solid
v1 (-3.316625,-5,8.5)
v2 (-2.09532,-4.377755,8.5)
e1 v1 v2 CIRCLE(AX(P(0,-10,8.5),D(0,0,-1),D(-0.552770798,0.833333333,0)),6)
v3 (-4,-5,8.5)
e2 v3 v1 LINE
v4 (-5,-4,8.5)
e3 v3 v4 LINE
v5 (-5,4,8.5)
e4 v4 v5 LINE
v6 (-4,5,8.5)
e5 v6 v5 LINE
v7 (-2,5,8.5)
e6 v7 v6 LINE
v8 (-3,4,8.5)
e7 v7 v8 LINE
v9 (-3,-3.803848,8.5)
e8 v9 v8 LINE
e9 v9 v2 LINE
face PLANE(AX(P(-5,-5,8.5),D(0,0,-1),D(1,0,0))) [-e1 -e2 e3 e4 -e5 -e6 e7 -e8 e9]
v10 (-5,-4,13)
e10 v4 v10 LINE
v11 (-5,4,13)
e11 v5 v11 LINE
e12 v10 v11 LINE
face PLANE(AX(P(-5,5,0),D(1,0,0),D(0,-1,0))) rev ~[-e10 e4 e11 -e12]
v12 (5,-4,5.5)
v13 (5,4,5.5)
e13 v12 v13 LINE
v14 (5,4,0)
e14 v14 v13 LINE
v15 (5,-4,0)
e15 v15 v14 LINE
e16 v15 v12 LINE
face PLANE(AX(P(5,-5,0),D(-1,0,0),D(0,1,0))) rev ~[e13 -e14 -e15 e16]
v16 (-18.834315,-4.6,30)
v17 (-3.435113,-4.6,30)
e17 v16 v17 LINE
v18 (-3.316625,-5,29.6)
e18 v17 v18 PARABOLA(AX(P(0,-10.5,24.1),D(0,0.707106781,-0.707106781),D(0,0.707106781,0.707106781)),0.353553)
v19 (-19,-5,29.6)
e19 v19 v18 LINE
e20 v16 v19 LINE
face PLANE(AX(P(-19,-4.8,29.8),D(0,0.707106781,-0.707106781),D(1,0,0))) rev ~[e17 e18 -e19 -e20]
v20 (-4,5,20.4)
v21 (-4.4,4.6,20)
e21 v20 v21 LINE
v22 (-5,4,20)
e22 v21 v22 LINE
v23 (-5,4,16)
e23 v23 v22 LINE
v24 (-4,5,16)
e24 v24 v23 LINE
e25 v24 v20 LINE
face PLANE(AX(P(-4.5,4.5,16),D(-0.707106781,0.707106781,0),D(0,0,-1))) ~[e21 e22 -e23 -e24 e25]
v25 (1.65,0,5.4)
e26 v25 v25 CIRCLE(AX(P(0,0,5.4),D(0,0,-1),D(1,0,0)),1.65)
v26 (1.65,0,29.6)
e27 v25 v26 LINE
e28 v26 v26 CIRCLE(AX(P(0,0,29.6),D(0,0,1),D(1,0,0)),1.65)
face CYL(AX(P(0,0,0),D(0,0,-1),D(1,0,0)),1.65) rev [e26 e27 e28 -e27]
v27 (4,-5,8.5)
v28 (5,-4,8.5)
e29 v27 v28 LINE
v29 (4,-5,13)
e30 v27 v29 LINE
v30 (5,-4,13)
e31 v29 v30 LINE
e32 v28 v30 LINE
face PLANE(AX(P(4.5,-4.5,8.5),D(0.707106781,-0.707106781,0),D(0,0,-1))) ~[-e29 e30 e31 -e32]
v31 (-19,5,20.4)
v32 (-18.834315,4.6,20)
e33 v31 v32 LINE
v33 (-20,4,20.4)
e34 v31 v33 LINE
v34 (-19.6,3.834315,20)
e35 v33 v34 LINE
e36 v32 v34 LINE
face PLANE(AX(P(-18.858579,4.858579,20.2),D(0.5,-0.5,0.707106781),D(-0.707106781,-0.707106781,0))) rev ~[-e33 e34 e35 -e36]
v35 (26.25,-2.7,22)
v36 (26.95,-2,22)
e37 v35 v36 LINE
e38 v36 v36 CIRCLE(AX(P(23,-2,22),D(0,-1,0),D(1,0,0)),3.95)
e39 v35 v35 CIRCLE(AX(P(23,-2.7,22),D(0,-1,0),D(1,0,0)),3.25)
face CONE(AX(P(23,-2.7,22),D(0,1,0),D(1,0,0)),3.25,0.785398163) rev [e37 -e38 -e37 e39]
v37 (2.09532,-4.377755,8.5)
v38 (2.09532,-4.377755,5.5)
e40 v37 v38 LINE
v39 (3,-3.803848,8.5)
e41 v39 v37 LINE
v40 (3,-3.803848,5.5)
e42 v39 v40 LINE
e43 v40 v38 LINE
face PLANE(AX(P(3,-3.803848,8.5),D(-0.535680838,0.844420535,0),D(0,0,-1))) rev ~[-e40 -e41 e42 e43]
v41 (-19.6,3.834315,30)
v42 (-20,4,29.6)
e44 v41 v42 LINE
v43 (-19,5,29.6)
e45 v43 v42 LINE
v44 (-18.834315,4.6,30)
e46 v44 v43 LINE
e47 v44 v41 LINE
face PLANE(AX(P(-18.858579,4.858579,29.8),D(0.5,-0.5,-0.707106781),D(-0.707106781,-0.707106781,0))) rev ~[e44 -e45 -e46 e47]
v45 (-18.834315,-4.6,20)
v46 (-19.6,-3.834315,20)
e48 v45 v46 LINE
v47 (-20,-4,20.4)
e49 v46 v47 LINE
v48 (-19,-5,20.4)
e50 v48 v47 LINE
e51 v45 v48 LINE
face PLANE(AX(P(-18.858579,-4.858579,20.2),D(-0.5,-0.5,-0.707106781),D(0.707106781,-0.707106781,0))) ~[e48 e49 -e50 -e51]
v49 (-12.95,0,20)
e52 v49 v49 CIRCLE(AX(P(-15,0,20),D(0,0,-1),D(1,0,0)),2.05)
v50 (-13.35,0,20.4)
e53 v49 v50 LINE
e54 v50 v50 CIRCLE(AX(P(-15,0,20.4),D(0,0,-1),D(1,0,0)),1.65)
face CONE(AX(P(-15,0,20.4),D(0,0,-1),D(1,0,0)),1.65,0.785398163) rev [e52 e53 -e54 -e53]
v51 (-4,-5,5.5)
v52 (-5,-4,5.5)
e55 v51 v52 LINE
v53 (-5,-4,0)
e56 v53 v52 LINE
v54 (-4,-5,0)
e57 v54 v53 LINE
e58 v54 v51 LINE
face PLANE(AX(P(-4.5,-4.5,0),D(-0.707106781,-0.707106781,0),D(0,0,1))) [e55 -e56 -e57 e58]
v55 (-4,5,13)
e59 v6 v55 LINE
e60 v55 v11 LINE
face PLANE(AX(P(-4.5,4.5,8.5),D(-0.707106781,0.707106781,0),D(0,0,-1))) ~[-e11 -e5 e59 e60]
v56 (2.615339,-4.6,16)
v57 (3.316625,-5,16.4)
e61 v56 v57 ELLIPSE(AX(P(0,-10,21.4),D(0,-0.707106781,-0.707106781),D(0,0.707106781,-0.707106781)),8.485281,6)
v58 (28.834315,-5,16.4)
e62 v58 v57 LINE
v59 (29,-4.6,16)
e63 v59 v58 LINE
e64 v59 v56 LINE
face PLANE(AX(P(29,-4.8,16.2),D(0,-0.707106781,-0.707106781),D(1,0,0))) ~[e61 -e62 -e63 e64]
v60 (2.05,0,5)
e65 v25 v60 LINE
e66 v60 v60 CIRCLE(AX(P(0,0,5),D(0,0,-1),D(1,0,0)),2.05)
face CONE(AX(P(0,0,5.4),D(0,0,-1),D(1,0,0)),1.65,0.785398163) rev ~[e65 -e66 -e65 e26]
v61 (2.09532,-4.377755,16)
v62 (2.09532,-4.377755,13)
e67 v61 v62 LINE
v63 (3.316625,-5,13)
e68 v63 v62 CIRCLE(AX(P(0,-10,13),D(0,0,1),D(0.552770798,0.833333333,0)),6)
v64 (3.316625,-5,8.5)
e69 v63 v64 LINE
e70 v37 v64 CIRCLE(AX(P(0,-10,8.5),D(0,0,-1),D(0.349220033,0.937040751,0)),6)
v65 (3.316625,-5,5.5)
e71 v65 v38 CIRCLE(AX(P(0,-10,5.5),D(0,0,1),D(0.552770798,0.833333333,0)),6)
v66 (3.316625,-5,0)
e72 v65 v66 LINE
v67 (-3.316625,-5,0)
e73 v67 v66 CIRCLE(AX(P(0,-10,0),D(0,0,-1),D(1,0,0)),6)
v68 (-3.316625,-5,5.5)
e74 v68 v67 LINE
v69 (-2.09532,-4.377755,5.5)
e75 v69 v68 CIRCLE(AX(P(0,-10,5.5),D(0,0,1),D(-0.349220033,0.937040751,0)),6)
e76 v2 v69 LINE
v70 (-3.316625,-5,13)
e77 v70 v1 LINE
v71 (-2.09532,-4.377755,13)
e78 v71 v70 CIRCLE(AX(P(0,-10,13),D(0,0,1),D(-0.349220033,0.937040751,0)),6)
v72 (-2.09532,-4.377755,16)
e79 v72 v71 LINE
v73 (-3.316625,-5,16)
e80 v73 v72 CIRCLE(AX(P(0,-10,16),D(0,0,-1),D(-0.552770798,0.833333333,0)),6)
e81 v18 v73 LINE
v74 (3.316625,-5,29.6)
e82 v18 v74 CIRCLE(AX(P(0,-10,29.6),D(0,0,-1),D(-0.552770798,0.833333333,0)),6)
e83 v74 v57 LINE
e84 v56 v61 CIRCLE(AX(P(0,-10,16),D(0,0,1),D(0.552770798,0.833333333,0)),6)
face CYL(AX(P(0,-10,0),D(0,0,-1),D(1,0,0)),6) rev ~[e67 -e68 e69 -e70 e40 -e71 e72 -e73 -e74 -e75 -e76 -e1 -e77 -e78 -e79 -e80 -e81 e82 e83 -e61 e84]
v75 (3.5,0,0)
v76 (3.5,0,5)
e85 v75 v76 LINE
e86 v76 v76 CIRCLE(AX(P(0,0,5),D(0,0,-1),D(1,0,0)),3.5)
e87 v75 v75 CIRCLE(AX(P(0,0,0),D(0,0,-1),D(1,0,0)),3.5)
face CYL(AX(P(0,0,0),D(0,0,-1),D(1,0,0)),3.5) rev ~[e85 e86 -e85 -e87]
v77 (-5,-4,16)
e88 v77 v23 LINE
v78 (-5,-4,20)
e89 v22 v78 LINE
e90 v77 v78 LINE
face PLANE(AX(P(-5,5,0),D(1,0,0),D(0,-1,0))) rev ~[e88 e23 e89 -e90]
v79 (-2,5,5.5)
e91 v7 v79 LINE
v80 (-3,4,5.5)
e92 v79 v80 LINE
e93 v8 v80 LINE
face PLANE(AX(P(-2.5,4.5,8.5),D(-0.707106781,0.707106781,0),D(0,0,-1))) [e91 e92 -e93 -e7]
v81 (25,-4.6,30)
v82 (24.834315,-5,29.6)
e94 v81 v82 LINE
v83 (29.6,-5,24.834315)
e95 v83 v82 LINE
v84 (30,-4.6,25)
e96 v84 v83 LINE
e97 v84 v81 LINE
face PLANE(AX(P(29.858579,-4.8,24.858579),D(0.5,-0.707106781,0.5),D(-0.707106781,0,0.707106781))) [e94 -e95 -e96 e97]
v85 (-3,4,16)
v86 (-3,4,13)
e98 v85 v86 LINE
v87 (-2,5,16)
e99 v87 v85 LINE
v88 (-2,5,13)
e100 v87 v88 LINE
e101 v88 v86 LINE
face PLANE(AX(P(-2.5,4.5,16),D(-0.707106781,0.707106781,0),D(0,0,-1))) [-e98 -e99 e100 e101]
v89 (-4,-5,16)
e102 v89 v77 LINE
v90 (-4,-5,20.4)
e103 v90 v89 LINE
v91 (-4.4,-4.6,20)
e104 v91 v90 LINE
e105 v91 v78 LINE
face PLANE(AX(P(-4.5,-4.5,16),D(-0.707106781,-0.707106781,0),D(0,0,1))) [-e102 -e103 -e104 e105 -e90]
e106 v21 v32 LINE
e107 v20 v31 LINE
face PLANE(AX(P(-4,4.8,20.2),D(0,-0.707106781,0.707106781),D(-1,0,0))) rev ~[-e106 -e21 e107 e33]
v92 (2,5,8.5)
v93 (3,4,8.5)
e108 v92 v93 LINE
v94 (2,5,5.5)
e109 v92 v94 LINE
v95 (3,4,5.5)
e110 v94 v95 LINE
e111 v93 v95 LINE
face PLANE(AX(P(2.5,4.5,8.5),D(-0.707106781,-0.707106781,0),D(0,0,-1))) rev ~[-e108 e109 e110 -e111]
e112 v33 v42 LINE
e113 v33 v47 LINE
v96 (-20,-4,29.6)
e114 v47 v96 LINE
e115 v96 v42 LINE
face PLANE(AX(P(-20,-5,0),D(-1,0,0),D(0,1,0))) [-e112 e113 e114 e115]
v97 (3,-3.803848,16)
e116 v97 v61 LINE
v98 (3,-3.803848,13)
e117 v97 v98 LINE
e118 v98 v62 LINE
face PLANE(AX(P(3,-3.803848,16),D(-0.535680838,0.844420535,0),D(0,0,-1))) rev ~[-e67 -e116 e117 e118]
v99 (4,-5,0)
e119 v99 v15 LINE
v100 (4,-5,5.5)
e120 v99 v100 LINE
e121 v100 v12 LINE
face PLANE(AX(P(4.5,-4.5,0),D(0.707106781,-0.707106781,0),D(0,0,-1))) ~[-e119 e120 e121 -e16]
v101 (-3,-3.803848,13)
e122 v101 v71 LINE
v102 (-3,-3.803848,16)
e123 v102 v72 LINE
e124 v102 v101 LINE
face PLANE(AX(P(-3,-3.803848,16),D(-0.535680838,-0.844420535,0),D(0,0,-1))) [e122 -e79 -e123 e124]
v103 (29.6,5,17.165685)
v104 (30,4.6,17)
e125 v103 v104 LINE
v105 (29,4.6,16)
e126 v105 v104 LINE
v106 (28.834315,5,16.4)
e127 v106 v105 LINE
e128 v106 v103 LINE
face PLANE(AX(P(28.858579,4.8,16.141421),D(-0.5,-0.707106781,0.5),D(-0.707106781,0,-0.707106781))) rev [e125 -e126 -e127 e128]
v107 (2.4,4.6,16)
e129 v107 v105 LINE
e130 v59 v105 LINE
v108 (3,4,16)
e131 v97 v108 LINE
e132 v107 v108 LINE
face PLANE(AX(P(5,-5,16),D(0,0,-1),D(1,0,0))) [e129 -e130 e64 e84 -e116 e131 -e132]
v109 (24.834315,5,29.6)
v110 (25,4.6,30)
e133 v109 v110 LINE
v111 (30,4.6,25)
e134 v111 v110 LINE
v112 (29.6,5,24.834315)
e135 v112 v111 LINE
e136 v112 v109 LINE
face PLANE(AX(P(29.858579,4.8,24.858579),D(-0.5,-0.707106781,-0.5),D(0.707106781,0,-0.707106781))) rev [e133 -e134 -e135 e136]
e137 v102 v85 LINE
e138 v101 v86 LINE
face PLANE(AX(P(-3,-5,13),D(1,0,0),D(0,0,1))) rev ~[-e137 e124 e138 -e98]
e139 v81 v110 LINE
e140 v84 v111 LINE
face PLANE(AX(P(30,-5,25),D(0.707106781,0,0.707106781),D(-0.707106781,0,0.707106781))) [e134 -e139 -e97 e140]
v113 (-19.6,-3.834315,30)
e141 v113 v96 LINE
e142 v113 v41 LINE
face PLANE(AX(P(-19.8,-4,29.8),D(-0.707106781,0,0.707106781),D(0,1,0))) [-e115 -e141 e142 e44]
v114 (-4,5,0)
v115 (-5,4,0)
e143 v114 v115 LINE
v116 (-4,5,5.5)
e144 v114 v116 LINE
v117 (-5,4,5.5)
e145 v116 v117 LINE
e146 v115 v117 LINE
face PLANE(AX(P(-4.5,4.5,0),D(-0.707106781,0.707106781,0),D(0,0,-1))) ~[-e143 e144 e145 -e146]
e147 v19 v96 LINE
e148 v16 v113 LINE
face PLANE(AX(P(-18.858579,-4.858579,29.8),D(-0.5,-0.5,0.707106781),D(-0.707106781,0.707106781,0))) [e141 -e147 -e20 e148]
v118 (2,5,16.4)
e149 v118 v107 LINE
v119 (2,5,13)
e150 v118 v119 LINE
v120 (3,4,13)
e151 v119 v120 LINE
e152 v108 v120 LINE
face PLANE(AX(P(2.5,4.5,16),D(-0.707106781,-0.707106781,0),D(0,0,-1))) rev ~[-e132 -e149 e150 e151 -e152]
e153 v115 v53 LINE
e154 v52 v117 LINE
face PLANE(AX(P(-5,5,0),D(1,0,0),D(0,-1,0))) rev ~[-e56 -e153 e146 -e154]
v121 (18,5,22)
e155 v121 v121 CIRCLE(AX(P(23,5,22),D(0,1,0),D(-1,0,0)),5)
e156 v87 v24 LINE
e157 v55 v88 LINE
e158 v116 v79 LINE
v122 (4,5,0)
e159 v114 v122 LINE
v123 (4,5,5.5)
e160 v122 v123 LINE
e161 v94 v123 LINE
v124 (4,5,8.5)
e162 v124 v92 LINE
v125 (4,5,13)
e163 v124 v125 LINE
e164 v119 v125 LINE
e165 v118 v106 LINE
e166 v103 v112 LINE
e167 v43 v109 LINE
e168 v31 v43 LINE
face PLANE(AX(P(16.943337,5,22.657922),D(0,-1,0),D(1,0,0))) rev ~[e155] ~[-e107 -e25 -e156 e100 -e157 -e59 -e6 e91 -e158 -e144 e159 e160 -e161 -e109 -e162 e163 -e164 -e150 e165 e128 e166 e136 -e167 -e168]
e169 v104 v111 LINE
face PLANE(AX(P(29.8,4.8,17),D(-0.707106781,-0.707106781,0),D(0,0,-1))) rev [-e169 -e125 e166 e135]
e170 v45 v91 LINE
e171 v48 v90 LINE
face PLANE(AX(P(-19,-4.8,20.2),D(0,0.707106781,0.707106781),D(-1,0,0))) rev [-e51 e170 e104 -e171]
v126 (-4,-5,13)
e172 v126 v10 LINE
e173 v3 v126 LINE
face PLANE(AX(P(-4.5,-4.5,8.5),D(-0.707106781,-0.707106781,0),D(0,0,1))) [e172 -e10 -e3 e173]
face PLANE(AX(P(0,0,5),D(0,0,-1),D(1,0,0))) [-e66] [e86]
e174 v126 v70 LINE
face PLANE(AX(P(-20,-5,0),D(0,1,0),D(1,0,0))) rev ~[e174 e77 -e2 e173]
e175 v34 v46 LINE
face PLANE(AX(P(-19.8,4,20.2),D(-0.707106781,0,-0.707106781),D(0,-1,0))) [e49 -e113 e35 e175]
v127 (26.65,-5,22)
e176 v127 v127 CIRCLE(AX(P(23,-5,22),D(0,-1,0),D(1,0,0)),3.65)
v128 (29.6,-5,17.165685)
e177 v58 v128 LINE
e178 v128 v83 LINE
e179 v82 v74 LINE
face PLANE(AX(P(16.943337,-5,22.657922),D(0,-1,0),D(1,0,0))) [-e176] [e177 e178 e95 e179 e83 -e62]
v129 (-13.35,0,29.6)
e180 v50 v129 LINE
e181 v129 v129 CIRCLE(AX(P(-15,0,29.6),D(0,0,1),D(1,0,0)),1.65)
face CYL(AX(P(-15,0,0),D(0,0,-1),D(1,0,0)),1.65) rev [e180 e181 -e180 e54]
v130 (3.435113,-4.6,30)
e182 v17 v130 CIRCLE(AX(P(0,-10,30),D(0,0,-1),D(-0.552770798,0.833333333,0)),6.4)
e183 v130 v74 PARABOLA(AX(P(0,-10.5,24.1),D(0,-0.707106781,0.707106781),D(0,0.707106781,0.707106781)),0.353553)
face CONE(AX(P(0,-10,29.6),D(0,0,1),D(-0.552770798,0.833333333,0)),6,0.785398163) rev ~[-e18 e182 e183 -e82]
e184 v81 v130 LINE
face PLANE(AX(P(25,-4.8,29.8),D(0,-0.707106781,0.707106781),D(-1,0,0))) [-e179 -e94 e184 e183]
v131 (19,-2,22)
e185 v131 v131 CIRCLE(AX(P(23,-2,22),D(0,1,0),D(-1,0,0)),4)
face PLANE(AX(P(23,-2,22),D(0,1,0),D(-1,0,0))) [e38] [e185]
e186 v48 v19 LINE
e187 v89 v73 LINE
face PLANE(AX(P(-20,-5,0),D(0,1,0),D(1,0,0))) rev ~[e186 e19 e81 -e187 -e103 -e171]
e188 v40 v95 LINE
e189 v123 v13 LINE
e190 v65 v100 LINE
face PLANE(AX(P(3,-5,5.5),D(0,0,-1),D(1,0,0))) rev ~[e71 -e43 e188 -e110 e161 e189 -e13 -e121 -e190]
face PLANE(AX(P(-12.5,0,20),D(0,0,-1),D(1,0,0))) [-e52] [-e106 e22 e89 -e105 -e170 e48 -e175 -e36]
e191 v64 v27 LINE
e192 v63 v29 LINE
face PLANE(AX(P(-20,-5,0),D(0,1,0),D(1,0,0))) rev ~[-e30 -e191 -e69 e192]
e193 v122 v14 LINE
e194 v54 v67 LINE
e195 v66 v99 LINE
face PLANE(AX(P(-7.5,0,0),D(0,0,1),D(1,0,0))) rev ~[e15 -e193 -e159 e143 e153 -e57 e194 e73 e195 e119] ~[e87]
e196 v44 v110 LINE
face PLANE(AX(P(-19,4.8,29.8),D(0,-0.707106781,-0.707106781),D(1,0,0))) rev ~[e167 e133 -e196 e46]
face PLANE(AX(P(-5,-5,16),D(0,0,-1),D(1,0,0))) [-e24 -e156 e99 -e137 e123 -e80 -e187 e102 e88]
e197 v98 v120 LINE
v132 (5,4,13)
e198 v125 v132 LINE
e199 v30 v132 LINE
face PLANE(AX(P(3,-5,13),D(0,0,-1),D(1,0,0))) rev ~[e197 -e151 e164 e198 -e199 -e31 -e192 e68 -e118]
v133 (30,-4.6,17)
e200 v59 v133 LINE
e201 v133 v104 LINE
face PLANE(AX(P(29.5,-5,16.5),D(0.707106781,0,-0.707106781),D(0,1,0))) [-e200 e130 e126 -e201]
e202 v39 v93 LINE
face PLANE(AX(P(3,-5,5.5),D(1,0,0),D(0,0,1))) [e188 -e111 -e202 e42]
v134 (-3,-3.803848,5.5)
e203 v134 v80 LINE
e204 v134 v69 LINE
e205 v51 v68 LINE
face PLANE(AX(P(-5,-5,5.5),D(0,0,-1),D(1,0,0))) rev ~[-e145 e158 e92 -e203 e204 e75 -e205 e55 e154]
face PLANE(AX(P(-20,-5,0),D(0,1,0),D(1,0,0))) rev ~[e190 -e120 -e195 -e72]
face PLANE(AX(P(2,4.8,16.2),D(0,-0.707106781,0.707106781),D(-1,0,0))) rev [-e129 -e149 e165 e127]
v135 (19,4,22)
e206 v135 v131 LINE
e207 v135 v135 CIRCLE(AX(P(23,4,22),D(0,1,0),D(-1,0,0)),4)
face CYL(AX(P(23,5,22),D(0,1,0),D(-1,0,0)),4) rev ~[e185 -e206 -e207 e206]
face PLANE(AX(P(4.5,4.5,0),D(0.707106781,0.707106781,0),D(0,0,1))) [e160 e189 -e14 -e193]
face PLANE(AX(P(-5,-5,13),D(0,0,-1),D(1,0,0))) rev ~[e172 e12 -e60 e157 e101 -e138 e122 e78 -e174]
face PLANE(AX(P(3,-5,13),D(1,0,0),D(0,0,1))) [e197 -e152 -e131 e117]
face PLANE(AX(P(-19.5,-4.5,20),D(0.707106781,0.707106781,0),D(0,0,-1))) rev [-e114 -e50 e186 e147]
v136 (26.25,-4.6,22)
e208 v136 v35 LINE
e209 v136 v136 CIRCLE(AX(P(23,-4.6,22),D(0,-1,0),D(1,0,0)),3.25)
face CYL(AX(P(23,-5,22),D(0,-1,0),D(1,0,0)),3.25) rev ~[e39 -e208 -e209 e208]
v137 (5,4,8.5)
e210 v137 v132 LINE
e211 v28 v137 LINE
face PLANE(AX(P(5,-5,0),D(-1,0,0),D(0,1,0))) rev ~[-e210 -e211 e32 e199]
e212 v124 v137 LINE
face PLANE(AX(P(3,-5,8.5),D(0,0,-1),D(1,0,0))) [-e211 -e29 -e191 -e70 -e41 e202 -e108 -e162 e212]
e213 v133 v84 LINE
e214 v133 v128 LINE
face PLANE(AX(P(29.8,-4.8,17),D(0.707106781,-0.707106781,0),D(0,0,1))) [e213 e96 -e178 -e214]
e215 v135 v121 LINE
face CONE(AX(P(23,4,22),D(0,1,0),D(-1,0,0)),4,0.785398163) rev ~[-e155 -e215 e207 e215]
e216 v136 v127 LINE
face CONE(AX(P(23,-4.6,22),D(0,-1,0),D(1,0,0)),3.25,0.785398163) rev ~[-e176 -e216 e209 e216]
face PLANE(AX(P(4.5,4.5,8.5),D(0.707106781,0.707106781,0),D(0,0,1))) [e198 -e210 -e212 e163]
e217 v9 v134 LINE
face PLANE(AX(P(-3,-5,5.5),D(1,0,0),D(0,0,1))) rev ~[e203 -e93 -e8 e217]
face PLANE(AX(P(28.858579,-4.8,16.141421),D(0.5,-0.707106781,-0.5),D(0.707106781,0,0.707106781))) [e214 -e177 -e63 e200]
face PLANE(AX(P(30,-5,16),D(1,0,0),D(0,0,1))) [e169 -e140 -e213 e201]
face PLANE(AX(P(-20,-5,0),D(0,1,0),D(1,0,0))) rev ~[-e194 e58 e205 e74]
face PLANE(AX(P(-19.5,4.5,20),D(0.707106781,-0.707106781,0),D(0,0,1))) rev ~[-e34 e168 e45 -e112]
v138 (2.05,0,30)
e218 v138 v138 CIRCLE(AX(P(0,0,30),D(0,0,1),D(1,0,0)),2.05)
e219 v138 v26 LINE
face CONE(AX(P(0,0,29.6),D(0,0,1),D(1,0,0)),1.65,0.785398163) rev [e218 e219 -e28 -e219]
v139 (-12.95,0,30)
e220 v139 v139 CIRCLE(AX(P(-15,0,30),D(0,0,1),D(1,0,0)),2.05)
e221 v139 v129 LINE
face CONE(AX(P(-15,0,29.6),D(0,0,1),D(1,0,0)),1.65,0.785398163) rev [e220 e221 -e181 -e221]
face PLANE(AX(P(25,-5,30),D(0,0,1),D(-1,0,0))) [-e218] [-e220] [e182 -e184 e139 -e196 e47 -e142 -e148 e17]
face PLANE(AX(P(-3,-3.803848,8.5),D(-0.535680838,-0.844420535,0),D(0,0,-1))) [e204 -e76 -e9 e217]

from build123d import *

# Parameters (mm, degrees)
SKETCH_W        = 25
SKETCH_H        = 10
SKETCH_R        = 1.65
PAD_DEPTH       = 30
SKETCH001_W     = 15
SKETCH001_H     = 10
POCKET_DEPTH    = 20
SKETCH002_R     = 3.5
POCKET001_DEPTH = 5
SKETCH003_R     = 6
POCKET002_DEPTH = 30.001
SKETCH004_W     = 2
SKETCH004_H     = 3
POCKET003_DEPTH = 10.001
PAD001_DEPTH    = 10
CHAMFER_SIZE    = 1
SKETCH006_R     = 3.25
POCKET004_DEPTH = 10.001
SKETCH007_R     = 4
POCKET005_DEPTH = 7
CHAMFER001_SIZE = 0.7
CHAMFER002_SIZE = 1
CHAMFER003_SIZE = 0.4


with BuildPart() as part:
    # Sketch → Pad (new body)
    with BuildSketch(Plane.XY):
        with Locations((-7.5, 0)):
            Rectangle(SKETCH_W, SKETCH_H)
        Circle(SKETCH_R, mode=Mode.SUBTRACT)
        with Locations((-15, 0)):
            Circle(SKETCH_R, mode=Mode.SUBTRACT)
    extrude(amount=PAD_DEPTH)

    # Sketch001 (on Face7 of Pad) → Pocket (cut)
    with BuildSketch(Plane(origin=(0, 0, 0), x_dir=(1, 0, 0), z_dir=(0, 0, -1))):
        with Locations((-12.5, 0)):
            Rectangle(SKETCH001_W, SKETCH001_H)
    extrude(amount=-POCKET_DEPTH, mode=Mode.SUBTRACT)

    # Sketch002 (on Face4 of Pocket) → Pocket001 (cut)
    with BuildSketch(Plane(origin=(0, 0, 0), x_dir=(1, 0, 0), z_dir=(0, 0, -1))):
        Circle(SKETCH002_R)
    extrude(amount=-POCKET001_DEPTH, mode=Mode.SUBTRACT)

    # Sketch003 (on Face4 of Pocket001) → Pocket002 (cut, through all)
    with BuildSketch(Plane(origin=(0, 0, 0), x_dir=(1, 0, 0), z_dir=(0, 0, -1))):
        with Locations((0, 10)):
            Circle(SKETCH003_R)
    extrude(amount=-POCKET002_DEPTH, mode=Mode.SUBTRACT)

    # Sketch004 (on Face11 of Pocket002) → Pocket003 (cut, through all)
    with BuildSketch(Plane.XZ.offset(5)):
        with Locations((-4, 7)):
            Rectangle(SKETCH004_W, SKETCH004_H)
        with Locations((4, 7)):
            Rectangle(SKETCH004_W, SKETCH004_H)
        with Locations((-4, 14.5)):
            Rectangle(SKETCH004_W, SKETCH004_H)
        with Locations((4, 14.5)):
            Rectangle(SKETCH004_W, SKETCH004_H)
    extrude(amount=-POCKET003_DEPTH, mode=Mode.SUBTRACT)

    # Sketch005 (on Face31 of Pocket003) → Pad001 (join)
    with BuildSketch(Plane.XZ.offset(5)):
        Polygon((5, 16), (30, 16), (30, 25), (25, 30), (5, 30), align=None)
    extrude(amount=-PAD001_DEPTH)

    # Chamfer
    chamfer_edges = [part.edges().sort_by_distance(p)[0] for p in [
        (-5, 5, 18),
        (-3, 5, 14.5),
        (3, 5, 14.5),
        (5, 5, 10.75),
        (-5, 5, 10.75),
        (-3, 5, 7),
        (-5, 5, 2.75),
        (5, 5, 2.75),
        (3, 5, 7),
        (-5, -5, 18),
        (-3, -4.803848, 14.5),
        (-5, -5, 10.75),
        (-3, -4.803848, 7),
        (-5, -5, 2.75),
        (5, -5, 2.75),
        (3, -4.803848, 7),
        (5, -5, 10.75),
        (3, -4.803848, 14.5),
        (30, 0, 16),
        (-20, -5, 25),
        (-20, 5, 25),
    ]]
    chamfer(chamfer_edges, length=CHAMFER_SIZE)

    # Sketch006 (on Face59 of Chamfer) → Pocket004 (cut, through all)
    with BuildSketch(Plane.XZ.offset(5)):
        with Locations((23, 22)):
            Circle(SKETCH006_R)
    extrude(amount=-POCKET004_DEPTH, mode=Mode.SUBTRACT)

    # Sketch007 (on Face10 of Pocket004) → Pocket005 (cut)
    with BuildSketch(Plane(origin=(0, 5, 0), x_dir=(-1, 0, 0), z_dir=(0, 1, 0))):
        with Locations((-23, 22)):
            Circle(SKETCH007_R)
    extrude(amount=-POCKET005_DEPTH, mode=Mode.SUBTRACT)

    # Chamfer001
    chamfer001_edges = [part.edges().sort_by_distance(p)[0] for p in [
        (19.75, -2, 22),
    ]]
    chamfer(chamfer001_edges, length=CHAMFER001_SIZE)

    # Chamfer002
    chamfer002_edges = [part.edges().sort_by_distance(p)[0] for p in [
        (27, 5, 22),
    ]]
    chamfer(chamfer002_edges, length=CHAMFER002_SIZE)

    # Chamfer003
    chamfer003_edges = [part.edges().sort_by_distance(p)[0] for p in [
        (-16.65, 0, 30),
        (-1.65, 0, 30),
        (0, -4, 30),
        (-11.158312, -5, 30),
        (-19.5, -4.5, 30),
        (-20, 0, 30),
        (-19.5, 4.5, 30),
        (3, 5, 30),
        (14.158312, -5, 30),
        (27.5, -5, 27.5),
        (19.75, -5, 22),
        (30, -5, 21),
        (29.5, -5, 16.5),
        (16.158312, -5, 16),
        (15.5, 5, 16),
        (29.5, 5, 16.5),
        (30, 5, 21),
        (27.5, 5, 27.5),
        (-16.65, 0, 20),
        (-11.5, 5, 20),
        (-19.5, 4.5, 20),
        (-20, 0, 20),
        (-11.5, -5, 20),
        (-19.5, -4.5, 20),
        (-1.65, 0, 5),
    ]]
    chamfer(chamfer003_edges, length=CHAMFER003_SIZE)


solid = part.part
